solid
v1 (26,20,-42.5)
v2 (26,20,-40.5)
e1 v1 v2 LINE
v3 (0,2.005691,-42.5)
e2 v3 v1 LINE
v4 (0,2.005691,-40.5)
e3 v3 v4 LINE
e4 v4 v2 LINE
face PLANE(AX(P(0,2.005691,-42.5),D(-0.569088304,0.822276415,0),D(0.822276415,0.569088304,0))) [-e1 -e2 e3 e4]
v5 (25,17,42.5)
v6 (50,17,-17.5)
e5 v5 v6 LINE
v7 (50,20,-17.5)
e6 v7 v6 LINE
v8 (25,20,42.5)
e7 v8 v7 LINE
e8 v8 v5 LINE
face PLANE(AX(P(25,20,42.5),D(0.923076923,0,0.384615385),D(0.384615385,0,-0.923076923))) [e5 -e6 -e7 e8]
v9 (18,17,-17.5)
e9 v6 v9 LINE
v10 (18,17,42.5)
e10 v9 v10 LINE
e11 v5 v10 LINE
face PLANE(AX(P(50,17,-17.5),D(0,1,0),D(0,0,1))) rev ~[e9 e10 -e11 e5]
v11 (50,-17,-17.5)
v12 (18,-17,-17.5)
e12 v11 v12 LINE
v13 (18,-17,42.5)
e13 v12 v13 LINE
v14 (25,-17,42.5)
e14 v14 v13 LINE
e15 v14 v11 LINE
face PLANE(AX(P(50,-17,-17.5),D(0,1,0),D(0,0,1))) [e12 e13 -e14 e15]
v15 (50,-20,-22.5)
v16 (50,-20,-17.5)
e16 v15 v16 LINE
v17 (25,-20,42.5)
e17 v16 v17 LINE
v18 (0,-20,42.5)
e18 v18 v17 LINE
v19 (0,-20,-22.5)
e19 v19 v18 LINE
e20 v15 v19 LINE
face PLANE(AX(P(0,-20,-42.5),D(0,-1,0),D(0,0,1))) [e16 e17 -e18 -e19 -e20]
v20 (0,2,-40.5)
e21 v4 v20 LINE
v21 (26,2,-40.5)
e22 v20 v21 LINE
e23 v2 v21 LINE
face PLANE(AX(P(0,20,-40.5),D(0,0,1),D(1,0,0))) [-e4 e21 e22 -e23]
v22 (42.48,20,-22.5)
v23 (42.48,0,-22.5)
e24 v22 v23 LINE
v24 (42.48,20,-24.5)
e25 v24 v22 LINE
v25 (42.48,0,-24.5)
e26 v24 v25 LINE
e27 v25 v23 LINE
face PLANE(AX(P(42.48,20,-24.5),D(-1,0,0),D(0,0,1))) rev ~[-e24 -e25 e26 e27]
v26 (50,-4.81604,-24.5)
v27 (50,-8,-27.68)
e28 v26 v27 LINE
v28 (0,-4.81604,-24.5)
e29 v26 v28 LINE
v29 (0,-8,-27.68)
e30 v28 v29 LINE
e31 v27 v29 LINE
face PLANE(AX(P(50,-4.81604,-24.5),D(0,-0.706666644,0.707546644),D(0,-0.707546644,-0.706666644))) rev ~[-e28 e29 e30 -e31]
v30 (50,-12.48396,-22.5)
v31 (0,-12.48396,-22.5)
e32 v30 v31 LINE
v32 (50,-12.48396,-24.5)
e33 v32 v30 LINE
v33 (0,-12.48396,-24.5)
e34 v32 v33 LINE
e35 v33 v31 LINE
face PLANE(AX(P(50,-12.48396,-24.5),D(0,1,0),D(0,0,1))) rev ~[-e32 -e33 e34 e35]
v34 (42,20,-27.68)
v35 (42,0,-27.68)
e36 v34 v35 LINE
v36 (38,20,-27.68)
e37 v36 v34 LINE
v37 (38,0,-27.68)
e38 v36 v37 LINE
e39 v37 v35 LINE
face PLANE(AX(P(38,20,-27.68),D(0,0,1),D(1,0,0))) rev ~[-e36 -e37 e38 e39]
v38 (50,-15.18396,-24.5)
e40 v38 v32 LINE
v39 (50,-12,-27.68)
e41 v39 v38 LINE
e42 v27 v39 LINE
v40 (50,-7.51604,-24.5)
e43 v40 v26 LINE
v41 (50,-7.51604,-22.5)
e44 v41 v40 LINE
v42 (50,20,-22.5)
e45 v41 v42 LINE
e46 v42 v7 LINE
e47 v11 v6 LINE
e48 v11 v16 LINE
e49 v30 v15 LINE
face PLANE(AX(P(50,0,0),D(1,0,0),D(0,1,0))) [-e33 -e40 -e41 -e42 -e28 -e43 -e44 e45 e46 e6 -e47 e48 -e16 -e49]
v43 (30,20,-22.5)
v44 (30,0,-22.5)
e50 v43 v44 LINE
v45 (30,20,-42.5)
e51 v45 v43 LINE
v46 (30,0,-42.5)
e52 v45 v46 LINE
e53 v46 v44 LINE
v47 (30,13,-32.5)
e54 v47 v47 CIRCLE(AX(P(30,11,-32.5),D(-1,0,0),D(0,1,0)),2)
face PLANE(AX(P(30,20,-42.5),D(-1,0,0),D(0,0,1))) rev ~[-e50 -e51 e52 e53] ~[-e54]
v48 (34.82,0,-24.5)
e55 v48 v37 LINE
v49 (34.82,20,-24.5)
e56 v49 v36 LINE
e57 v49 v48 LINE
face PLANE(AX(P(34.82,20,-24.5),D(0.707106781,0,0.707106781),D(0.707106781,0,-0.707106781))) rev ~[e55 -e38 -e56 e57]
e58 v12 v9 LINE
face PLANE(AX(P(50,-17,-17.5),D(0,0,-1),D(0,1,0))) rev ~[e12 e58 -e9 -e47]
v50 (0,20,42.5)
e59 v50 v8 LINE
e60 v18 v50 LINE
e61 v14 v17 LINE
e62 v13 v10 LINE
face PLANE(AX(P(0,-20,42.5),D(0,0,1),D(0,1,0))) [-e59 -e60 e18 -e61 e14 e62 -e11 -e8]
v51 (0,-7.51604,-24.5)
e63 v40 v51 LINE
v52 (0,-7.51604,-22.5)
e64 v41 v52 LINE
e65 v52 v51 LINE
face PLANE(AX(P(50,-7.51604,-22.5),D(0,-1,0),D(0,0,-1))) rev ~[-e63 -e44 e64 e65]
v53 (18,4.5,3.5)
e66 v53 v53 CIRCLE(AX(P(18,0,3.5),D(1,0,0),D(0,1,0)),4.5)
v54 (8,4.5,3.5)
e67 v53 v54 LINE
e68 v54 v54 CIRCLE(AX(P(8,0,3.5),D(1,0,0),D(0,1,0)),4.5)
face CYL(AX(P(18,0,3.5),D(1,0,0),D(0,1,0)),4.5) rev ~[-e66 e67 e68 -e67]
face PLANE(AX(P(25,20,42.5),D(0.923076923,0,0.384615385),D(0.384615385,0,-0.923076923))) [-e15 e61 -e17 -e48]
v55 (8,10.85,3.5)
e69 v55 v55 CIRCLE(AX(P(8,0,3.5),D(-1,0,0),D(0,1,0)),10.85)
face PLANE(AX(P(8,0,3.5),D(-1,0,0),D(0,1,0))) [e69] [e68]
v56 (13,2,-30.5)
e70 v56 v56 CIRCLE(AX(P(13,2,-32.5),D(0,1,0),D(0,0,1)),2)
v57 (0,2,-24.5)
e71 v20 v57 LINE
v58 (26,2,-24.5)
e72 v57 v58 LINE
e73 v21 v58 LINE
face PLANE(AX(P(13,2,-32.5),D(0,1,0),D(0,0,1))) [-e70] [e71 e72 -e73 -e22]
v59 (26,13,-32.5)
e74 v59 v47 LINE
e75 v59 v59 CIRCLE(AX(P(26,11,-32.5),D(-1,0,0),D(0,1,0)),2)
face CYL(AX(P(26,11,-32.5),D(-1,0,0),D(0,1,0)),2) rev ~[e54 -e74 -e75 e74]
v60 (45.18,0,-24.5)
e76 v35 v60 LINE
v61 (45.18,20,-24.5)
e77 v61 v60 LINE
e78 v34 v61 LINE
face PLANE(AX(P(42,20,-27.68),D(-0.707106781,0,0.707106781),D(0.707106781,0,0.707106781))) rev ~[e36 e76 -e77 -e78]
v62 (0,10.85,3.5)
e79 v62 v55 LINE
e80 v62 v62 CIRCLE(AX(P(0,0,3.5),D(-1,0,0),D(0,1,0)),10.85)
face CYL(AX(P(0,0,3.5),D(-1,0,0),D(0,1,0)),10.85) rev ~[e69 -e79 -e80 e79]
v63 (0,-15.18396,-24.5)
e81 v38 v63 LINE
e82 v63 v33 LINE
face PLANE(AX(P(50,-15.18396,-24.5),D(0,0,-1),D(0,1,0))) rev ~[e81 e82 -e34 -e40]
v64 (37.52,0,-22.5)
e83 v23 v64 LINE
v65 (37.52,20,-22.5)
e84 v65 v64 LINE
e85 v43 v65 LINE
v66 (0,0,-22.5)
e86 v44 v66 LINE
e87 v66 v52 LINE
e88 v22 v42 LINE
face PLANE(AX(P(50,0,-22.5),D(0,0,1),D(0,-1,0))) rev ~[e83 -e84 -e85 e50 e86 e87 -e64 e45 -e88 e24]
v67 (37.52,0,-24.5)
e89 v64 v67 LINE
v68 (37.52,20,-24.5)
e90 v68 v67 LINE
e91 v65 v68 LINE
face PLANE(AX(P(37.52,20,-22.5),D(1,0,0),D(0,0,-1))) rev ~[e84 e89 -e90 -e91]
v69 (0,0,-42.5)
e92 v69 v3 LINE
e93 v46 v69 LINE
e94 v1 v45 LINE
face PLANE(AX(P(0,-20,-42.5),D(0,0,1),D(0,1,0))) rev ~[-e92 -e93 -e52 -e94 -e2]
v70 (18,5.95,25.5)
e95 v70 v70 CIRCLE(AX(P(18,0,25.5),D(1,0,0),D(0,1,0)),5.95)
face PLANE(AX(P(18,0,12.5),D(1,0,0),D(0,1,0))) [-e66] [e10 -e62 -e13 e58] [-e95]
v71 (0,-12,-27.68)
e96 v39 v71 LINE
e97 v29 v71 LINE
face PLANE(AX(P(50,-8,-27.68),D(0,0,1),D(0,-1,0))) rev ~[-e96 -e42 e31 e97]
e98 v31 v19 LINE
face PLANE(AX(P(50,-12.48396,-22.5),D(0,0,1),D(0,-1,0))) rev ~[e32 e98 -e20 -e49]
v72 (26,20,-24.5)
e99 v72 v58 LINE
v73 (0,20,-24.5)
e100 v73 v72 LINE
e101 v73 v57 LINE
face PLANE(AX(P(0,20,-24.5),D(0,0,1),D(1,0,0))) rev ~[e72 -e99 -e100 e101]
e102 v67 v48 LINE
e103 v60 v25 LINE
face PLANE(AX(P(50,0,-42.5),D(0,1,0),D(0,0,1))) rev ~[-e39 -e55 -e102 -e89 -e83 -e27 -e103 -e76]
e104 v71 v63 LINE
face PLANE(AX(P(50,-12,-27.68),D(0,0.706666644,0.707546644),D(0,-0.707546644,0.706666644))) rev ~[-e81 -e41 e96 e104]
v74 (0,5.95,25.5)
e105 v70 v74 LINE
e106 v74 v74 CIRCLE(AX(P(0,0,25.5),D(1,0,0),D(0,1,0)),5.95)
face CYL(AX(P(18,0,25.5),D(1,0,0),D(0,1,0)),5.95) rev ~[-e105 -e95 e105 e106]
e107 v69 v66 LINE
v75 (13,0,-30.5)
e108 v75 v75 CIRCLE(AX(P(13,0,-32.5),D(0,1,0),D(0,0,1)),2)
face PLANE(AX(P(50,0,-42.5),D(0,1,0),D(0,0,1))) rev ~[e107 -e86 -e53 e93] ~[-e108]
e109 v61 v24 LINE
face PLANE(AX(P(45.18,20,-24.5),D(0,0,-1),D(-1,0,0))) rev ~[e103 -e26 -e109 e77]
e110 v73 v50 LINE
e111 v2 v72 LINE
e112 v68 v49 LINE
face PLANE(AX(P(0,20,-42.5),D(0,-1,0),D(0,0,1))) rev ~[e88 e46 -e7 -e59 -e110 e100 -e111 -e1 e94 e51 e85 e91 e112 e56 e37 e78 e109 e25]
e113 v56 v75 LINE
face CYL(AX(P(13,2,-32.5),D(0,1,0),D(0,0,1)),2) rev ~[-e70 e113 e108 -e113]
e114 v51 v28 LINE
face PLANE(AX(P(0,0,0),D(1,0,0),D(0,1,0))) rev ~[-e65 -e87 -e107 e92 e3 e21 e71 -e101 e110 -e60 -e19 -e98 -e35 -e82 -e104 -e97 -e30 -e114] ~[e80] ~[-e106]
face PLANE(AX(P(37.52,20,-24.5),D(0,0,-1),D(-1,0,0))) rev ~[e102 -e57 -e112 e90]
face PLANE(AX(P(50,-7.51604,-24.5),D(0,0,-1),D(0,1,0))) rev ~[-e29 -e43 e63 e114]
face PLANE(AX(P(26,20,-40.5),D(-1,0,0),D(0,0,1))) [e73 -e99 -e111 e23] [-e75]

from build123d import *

# Parameters (mm, degrees)
SKETCH_W        = 40
SKETCH_H        = 85
PAD_DEPTH       = 50
POCKET_DEPTH    = 50
POCKET001_DEPTH = 20
SKETCH003_W     = 16
SKETCH003_H     = 26
POCKET002_DEPTH = 18
SKETCH004_R     = 2
POCKET003_DEPTH = 4
SKETCH005_R     = 2
POCKET004_DEPTH = 4
POCKET005_DEPTH = 2
SKETCH007_W     = 34
SKETCH007_H     = 60
POCKET006_DEPTH = 32
SKETCH008_R     = 4.5
SKETCH008_R_2   = 5.95
POCKET007_DEPTH = 18
SKETCH009_R     = 10.85
POCKET008_DEPTH = 8
POCKET009_DEPTH = 40.001


with BuildPart() as part:
    # Sketch → Pad (new body)
    with BuildSketch(Plane.YZ):
        Rectangle(SKETCH_W, SKETCH_H)
    extrude(amount=PAD_DEPTH)

    # Sketch001 (on Face6 of Pad) → Pocket (cut)
    with BuildSketch(Plane.YZ.offset(50)):
        Polygon((-20, -22.5), (-20, -42.5), (0, -42.5), (0, -22.5), (-7.51604, -22.5), (-7.51604, -24.5), (-4.81604, -24.5), (-8, -27.68), (-12, -27.68), (-15.18396, -24.5), (-12.48396, -24.5), (-12.48396, -22.5), align=None)
    extrude(amount=-POCKET_DEPTH, mode=Mode.SUBTRACT)

    # Sketch002 (on Face3 of Pocket) → Pocket001 (cut)
    with BuildSketch(Plane.ZX.offset(20)):
        Polygon((-22.5, 50), (-42.5, 50), (-42.5, 30), (-22.5, 30), (-22.5, 37.52), (-24.5, 37.52), (-24.5, 34.82), (-27.68, 38), (-27.68, 42), (-24.5, 45.18), (-24.5, 42.48), (-22.5, 42.48), align=None)
    extrude(amount=-POCKET001_DEPTH, mode=Mode.SUBTRACT)

    # Sketch003 (on Face3 of Pocket001) → Pocket002 (cut)
    with BuildSketch(Plane.ZX.offset(20)):
        with Locations((-32.5, 13)):
            Rectangle(SKETCH003_W, SKETCH003_H)
    extrude(amount=-POCKET002_DEPTH, mode=Mode.SUBTRACT)

    # Sketch004 (on Face30 of Pocket002) → Pocket003 (cut)
    with BuildSketch(Plane.ZX.offset(2)):
        with Locations((-32.5, 13)):
            Circle(SKETCH004_R)
    extrude(amount=-POCKET003_DEPTH, mode=Mode.SUBTRACT)

    # Sketch005 (on Face8 of Pocket003) → Pocket004 (cut)
    with BuildSketch(Plane(origin=(26, 0, 0), x_dir=(0, 1, 0), z_dir=(-1, 0, 0))):
        with Locations((11, 32.5)):
            Circle(SKETCH005_R)
    extrude(amount=-POCKET004_DEPTH, mode=Mode.SUBTRACT)

    # Sketch006 (on Face10 of Pocket004) → Pocket005 (cut)
    with BuildSketch(Plane.YX.offset(42.5)):
        Polygon((2.005691, 0), (20, 26), (20, 0), align=None)
    extrude(amount=-POCKET005_DEPTH, mode=Mode.SUBTRACT)

    # Sketch007 (on Face5 of Pocket005) → Pocket006 (cut)
    with BuildSketch(Plane.YZ.offset(50)):
        with Locations((0, 12.5)):
            Rectangle(SKETCH007_W, SKETCH007_H)
    extrude(amount=-POCKET006_DEPTH, mode=Mode.SUBTRACT)

    # Sketch008 (on Face6 of Pocket006) → Pocket007 (cut)
    with BuildSketch(Plane.YZ.offset(18)):
        with Locations((0, 3.5)):
            Circle(SKETCH008_R)
        with Locations((0, 25.5)):
            Circle(SKETCH008_R_2)
    extrude(amount=-POCKET007_DEPTH, mode=Mode.SUBTRACT)

    # Sketch009 (on Face2 of Pocket007) → Pocket008 (cut)
    with BuildSketch(Plane(origin=(0, 0, 0), x_dir=(0, 1, 0), z_dir=(-1, 0, 0))):
        with Locations((0, -3.5)):
            Circle(SKETCH009_R)
    extrude(amount=-POCKET008_DEPTH, mode=Mode.SUBTRACT)

    # Sketch010 (on Face3 of Pocket008) → Pocket009 (cut, through all)
    with BuildSketch(Plane.ZX.offset(20)):
        Polygon((-17.5, 50), (42.5, 50), (42.5, 25), align=None)
    extrude(amount=-POCKET009_DEPTH, mode=Mode.SUBTRACT)


solid = part.part
